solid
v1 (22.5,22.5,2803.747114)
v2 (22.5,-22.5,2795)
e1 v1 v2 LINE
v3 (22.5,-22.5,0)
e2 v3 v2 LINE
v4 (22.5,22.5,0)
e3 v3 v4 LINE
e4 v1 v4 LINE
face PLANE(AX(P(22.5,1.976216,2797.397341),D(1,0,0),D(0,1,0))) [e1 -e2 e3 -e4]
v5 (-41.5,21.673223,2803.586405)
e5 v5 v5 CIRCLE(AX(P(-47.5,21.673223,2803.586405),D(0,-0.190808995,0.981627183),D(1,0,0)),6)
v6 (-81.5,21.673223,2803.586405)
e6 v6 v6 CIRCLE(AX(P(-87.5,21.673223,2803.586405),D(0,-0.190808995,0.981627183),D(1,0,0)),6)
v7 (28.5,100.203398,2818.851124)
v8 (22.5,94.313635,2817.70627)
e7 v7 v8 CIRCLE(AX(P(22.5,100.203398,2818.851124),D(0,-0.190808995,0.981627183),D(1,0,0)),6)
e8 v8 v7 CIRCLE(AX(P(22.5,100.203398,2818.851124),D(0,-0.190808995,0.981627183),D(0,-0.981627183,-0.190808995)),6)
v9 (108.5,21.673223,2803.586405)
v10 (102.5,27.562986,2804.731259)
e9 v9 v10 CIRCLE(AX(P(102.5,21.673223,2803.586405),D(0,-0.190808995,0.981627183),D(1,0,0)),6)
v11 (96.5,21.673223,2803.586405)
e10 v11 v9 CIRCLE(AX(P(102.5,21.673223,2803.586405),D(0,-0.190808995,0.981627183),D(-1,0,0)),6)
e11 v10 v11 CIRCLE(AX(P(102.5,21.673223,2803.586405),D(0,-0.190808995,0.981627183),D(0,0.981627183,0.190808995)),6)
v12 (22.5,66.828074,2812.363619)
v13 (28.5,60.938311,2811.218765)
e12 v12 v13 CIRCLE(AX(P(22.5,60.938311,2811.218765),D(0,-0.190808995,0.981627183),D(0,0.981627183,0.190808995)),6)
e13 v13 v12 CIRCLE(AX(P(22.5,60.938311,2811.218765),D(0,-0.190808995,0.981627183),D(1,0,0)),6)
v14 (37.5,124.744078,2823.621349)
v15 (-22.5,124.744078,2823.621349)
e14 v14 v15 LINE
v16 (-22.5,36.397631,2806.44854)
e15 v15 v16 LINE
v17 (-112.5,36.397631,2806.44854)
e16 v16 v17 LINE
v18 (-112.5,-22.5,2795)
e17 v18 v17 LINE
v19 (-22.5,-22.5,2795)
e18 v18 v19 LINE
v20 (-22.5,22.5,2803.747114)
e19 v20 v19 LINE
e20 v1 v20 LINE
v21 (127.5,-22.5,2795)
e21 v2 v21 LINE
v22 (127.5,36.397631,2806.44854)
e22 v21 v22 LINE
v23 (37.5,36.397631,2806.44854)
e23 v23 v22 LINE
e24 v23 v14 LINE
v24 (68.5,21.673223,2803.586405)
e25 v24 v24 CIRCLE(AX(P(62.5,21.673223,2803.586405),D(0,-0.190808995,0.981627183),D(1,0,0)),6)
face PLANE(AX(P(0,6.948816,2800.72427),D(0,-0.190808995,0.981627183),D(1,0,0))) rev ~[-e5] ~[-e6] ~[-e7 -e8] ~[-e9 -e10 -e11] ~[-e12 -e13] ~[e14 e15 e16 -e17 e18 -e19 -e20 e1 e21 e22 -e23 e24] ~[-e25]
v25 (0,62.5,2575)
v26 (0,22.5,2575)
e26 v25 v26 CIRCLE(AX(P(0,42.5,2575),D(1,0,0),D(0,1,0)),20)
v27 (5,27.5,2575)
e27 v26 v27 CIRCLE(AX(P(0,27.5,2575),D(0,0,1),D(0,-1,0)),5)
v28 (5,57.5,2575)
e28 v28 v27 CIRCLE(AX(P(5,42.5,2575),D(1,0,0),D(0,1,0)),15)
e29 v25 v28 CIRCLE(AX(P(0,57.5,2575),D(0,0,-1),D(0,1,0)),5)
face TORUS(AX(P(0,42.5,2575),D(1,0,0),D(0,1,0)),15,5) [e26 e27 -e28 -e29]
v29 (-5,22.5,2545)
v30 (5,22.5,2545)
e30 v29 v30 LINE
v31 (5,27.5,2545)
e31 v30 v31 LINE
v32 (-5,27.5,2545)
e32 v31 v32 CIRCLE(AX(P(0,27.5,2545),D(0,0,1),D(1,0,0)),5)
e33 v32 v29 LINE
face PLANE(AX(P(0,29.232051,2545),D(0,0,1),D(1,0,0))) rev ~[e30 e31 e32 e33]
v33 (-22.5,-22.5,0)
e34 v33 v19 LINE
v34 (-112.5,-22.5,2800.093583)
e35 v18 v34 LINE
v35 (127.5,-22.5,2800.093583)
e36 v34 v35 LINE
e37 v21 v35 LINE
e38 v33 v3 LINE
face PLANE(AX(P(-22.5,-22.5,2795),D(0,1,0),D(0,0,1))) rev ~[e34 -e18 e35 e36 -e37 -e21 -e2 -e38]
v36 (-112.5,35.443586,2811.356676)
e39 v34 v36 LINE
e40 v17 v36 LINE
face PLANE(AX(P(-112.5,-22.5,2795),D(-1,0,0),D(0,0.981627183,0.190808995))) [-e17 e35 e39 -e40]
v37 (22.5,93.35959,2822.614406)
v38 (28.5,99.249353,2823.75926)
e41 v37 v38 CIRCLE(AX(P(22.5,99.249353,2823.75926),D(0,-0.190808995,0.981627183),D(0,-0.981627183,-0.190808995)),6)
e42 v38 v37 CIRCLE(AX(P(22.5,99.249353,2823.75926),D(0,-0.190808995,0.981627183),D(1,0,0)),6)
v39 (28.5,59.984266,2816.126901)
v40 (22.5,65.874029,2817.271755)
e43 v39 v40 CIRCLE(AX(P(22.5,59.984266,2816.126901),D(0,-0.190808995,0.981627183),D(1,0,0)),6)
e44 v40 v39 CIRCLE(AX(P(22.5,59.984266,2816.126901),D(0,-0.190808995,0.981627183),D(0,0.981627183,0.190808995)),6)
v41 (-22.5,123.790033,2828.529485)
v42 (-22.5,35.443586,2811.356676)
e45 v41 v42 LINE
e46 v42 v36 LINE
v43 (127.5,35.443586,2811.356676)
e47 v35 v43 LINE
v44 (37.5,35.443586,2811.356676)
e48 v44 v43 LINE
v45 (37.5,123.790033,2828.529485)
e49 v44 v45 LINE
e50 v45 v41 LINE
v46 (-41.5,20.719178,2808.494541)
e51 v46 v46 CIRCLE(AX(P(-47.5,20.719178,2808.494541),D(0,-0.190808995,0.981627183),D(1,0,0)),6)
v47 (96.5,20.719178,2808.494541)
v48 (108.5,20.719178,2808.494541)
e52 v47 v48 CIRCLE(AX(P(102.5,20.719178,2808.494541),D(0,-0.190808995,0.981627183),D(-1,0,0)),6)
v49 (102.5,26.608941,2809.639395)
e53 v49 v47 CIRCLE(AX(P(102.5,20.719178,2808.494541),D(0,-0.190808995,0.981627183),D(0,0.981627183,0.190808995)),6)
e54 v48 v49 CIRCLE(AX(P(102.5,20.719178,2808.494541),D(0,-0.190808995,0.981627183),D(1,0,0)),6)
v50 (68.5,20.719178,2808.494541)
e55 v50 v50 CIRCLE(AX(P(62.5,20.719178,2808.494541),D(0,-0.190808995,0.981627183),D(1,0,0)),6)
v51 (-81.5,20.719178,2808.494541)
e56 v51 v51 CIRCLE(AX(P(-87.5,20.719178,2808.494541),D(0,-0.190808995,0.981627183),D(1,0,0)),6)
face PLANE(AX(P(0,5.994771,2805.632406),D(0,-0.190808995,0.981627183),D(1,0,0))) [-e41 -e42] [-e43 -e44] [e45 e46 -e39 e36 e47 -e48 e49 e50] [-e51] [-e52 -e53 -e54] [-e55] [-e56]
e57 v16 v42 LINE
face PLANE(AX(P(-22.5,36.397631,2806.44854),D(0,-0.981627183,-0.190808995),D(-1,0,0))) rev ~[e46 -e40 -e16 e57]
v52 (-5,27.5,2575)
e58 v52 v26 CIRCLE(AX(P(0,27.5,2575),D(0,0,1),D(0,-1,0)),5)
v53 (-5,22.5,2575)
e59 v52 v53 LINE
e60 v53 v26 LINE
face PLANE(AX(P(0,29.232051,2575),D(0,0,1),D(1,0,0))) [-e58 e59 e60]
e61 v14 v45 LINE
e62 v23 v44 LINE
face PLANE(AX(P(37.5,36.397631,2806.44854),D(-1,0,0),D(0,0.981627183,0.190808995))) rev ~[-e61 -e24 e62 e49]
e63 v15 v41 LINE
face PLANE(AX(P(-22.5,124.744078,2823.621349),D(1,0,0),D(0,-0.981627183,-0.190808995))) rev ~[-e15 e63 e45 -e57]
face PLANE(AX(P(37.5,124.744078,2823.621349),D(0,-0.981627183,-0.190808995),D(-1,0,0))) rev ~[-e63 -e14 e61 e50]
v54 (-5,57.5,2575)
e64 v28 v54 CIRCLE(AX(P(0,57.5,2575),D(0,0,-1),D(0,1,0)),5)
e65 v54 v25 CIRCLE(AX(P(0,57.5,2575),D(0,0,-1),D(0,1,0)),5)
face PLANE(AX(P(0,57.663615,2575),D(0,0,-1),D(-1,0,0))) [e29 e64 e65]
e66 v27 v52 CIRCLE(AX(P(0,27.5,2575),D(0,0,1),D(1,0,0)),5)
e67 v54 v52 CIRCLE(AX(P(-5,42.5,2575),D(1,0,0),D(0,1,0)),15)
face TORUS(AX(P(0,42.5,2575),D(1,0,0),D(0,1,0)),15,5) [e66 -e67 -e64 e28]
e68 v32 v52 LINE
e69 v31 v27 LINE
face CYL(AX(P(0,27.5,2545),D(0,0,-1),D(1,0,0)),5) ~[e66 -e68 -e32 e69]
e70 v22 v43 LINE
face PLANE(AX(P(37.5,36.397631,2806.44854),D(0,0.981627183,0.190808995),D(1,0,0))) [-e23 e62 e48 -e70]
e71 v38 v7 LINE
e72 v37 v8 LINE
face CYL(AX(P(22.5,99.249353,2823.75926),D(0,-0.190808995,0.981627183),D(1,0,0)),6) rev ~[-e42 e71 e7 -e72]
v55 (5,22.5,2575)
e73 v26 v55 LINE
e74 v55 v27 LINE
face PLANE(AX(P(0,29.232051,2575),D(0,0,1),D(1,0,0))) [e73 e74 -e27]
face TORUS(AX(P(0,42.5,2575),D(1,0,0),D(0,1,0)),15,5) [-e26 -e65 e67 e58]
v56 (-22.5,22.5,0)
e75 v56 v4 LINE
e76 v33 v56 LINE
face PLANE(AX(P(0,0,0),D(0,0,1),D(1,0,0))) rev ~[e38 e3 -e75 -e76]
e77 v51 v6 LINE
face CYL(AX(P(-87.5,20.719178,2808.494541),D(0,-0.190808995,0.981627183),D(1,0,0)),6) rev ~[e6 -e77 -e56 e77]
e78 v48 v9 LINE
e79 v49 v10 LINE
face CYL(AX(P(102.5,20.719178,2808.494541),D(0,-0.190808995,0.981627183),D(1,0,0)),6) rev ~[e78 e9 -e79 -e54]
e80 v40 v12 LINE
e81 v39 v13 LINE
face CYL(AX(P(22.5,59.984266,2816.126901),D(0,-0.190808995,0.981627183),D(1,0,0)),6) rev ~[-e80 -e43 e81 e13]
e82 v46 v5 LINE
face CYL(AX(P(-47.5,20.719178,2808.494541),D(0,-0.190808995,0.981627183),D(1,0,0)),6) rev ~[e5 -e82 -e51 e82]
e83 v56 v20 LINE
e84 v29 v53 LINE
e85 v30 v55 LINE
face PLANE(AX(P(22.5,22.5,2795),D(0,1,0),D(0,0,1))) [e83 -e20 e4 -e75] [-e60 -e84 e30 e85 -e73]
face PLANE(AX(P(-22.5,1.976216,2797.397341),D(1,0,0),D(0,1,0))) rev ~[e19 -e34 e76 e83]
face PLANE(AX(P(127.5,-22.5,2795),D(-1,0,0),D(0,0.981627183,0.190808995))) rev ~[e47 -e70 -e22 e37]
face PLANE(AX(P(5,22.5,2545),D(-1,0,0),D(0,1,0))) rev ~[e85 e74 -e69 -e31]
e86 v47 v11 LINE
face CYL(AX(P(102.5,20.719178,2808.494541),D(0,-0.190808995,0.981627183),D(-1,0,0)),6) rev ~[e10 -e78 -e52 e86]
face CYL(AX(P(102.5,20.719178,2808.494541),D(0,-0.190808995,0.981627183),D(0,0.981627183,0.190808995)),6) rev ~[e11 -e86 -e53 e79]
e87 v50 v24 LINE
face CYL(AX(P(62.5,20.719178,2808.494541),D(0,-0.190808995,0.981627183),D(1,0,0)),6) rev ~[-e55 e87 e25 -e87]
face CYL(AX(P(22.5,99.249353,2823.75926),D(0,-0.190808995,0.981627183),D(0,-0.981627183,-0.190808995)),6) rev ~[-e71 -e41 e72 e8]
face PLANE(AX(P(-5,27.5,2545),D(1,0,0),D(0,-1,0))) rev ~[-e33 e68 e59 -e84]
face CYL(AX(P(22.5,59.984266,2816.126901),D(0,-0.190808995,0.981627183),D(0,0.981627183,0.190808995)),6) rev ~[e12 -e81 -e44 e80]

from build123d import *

# Parameters (mm, degrees)
F0_W          = 45
F0_H          = 45
F1_DEPTH      = 2795
F3_W          = 45
F3_H          = 60
F3_W_2        = 90
F4_DEPTH      = 5
F6_DEPTH      = 45
F8_W          = 2.7798460424
F8_H          = 5.7082939148
F9_DEPTH      = 150
F9_DEPTH_BACK = 90
F10_R         = 6
F11_DEPTH     = 5
F15_DEPTH     = 30


with BuildPart() as f1:
    # F0 (on Top) → F1 (new body)
    with BuildSketch(Plane.XY):
        Rectangle(F0_W, F0_H)
    extrude(amount=F1_DEPTH)


with BuildPart() as f4:
    # F3 (on face) → F4 (new body)
    with BuildSketch(Plane(origin=(0, -524.3318959349, 2697.453760933), x_dir=(1, 0, 0), z_dir=(0, -0.1908089954, 0.9816271834))):
        with Locations((0, 541.2245304499)):
            Rectangle(F3_W, F3_H)
        with Locations((-67.5, 541.2245304499)):
            Rectangle(F3_W_2, F3_H)
        Polygon((22.5, 571.2245304499), (22.5, 511.2245304499), (37.5, 511.2245304499), (37.5, 571.2245304499), (37.5, 661.2245304499), (-22.5, 661.2245304499), (-22.5, 571.2245304499), align=None)
        with Locations((82.5, 541.2245304499)):
            Rectangle(F3_W_2, F3_H)
    extrude(amount=F4_DEPTH)


with BuildPart() as f6:
    # F5 (on face) → F6 (new body)
    with BuildSketch(Plane.YZ.offset(22.5)):
        Polygon((-22.5, 2795), (22.5, 2795), (22.5, 2803.7471139112), align=None)
    extrude(amount=-F6_DEPTH)


with BuildPart() as f1_1:
    add(f1.part)

    # F7: union F6, F4
    add(f6.part)
    add(f4.part)

    # F8 (on face) → F9 (cut, two sides)
    with BuildSketch(Plane(origin=(-22.5, 0, 0), x_dir=(0, -1, 0), z_dir=(-1, 0, 0))) as f9_sk:
        with Locations((23.8899230212, 2797.8541469574)):
            Rectangle(F8_W, F8_H)
    extrude(amount=-F9_DEPTH, mode=Mode.SUBTRACT)
    extrude(f9_sk.sketch, amount=F9_DEPTH_BACK, mode=Mode.SUBTRACT)

    # F10 (on face) → F11 (cut, through all)
    with BuildSketch(Plane(origin=(0, -525.2859409117, 2702.3618968503), x_dir=(1, 0, 0), z_dir=(0, -0.1908089954, 0.9816271834))):
        with BuildLine():
            ThreePointArc((108.5, 556.2245304499), (106.7426406871, 560.467171137), (102.5, 562.2245304499))
            Line((102.5, 562.2245304499), (102.5, 556.2245304499))
            Line((102.5, 556.2245304499), (96.5, 556.2245304499))
            ThreePointArc((96.5, 556.2245304499), (102.5, 550.2245304499), (108.5, 556.2245304499))
        make_face()
        with Locations((62.5, 556.2245304499)):
            Circle(F10_R)
        with BuildLine():
            Line((102.5, 556.2245304499), (102.5, 562.2245304499))
            ThreePointArc((102.5, 562.2245304499), (98.2573593129, 560.467171137), (96.5, 556.2245304499))
            Line((96.5, 556.2245304499), (102.5, 556.2245304499))
        make_face()
        with BuildLine():
            ThreePointArc((22.5, 630.2245304499), (26.7426406871, 631.9818897628), (28.5, 636.2245304499))
            Line((28.5, 636.2245304499), (22.5, 636.2245304499))
            Line((22.5, 636.2245304499), (22.5, 630.2245304499))
        make_face()
        with BuildLine():
            Line((22.5, 636.2245304499), (28.5, 636.2245304499))
            ThreePointArc((28.5, 636.2245304499), (18.2573593129, 640.467171137), (22.5, 630.2245304499))
            Line((22.5, 630.2245304499), (22.5, 636.2245304499))
        make_face()
        with BuildLine():
            ThreePointArc((28.5, 596.2245304499), (26.7426406871, 600.467171137), (22.5, 602.2245304499))
            ThreePointArc((22.5, 602.2245304499), (18.2573593129, 591.9818897628), (28.5, 596.2245304499))
        make_face()
        with Locations((-47.5, 556.2245304499)):
            Circle(F10_R)
        with Locations((-87.5, 556.2245304499)):
            Circle(F10_R)
    extrude(amount=-F11_DEPTH, mode=Mode.SUBTRACT)

    # F14 (on offset) → F15 (join)
    with BuildSketch(Plane.XY.offset(2545)):
        with BuildLine():
            Line((0, 27.5), (5, 27.5))
            ThreePointArc((5, 27.5), (0, 32.5), (-5, 27.5))
            Line((-5, 27.5), (0, 27.5))
        make_face()
        with BuildLine():
            Line((5, 22.5), (5, 27.5))
            ThreePointArc((5, 27.5), (3.5355339059, 23.9644660941), (0, 22.5))
            Line((0, 22.5), (5, 22.5))
        make_face()
        with BuildLine():
            ThreePointArc((0, 22.5), (3.5355339059, 23.9644660941), (5, 27.5))
            Line((5, 27.5), (0, 27.5))
            Line((0, 27.5), (0, 22.5))
        make_face()
        with BuildLine():
            Line((0, 27.5), (-5, 27.5))
            ThreePointArc((-5, 27.5), (-3.5355339059, 23.9644660941), (0, 22.5))
            Line((0, 22.5), (0, 27.5))
        make_face()
        with BuildLine():
            ThreePointArc((0, 22.5), (-3.5355339059, 23.9644660941), (-5, 27.5))
            Line((-5, 27.5), (-5, 22.5))
            Line((-5, 22.5), (0, 22.5))
        make_face()
    extrude(amount=F15_DEPTH)

    # F17: sweep along a path in F13
    with BuildLine(Plane.YZ) as f17_path:
        ThreePointArc((57.5, 2575), (42.5, 2590), (27.5, 2575))
    # F16 (on face) → F17 (sweep)
    with BuildSketch(Plane.XY.offset(2575)):
        with BuildLine():
            ThreePointArc((0, 22.5), (3.5355339059, 23.9644660941), (5, 27.5))
            ThreePointArc((5, 27.5), (0, 32.5), (-5, 27.5))
            ThreePointArc((-5, 27.5), (-3.5355339059, 23.9644660941), (0, 22.5))
        make_face()
    sweep(path=f17_path.line)


solid = f1_1.part
